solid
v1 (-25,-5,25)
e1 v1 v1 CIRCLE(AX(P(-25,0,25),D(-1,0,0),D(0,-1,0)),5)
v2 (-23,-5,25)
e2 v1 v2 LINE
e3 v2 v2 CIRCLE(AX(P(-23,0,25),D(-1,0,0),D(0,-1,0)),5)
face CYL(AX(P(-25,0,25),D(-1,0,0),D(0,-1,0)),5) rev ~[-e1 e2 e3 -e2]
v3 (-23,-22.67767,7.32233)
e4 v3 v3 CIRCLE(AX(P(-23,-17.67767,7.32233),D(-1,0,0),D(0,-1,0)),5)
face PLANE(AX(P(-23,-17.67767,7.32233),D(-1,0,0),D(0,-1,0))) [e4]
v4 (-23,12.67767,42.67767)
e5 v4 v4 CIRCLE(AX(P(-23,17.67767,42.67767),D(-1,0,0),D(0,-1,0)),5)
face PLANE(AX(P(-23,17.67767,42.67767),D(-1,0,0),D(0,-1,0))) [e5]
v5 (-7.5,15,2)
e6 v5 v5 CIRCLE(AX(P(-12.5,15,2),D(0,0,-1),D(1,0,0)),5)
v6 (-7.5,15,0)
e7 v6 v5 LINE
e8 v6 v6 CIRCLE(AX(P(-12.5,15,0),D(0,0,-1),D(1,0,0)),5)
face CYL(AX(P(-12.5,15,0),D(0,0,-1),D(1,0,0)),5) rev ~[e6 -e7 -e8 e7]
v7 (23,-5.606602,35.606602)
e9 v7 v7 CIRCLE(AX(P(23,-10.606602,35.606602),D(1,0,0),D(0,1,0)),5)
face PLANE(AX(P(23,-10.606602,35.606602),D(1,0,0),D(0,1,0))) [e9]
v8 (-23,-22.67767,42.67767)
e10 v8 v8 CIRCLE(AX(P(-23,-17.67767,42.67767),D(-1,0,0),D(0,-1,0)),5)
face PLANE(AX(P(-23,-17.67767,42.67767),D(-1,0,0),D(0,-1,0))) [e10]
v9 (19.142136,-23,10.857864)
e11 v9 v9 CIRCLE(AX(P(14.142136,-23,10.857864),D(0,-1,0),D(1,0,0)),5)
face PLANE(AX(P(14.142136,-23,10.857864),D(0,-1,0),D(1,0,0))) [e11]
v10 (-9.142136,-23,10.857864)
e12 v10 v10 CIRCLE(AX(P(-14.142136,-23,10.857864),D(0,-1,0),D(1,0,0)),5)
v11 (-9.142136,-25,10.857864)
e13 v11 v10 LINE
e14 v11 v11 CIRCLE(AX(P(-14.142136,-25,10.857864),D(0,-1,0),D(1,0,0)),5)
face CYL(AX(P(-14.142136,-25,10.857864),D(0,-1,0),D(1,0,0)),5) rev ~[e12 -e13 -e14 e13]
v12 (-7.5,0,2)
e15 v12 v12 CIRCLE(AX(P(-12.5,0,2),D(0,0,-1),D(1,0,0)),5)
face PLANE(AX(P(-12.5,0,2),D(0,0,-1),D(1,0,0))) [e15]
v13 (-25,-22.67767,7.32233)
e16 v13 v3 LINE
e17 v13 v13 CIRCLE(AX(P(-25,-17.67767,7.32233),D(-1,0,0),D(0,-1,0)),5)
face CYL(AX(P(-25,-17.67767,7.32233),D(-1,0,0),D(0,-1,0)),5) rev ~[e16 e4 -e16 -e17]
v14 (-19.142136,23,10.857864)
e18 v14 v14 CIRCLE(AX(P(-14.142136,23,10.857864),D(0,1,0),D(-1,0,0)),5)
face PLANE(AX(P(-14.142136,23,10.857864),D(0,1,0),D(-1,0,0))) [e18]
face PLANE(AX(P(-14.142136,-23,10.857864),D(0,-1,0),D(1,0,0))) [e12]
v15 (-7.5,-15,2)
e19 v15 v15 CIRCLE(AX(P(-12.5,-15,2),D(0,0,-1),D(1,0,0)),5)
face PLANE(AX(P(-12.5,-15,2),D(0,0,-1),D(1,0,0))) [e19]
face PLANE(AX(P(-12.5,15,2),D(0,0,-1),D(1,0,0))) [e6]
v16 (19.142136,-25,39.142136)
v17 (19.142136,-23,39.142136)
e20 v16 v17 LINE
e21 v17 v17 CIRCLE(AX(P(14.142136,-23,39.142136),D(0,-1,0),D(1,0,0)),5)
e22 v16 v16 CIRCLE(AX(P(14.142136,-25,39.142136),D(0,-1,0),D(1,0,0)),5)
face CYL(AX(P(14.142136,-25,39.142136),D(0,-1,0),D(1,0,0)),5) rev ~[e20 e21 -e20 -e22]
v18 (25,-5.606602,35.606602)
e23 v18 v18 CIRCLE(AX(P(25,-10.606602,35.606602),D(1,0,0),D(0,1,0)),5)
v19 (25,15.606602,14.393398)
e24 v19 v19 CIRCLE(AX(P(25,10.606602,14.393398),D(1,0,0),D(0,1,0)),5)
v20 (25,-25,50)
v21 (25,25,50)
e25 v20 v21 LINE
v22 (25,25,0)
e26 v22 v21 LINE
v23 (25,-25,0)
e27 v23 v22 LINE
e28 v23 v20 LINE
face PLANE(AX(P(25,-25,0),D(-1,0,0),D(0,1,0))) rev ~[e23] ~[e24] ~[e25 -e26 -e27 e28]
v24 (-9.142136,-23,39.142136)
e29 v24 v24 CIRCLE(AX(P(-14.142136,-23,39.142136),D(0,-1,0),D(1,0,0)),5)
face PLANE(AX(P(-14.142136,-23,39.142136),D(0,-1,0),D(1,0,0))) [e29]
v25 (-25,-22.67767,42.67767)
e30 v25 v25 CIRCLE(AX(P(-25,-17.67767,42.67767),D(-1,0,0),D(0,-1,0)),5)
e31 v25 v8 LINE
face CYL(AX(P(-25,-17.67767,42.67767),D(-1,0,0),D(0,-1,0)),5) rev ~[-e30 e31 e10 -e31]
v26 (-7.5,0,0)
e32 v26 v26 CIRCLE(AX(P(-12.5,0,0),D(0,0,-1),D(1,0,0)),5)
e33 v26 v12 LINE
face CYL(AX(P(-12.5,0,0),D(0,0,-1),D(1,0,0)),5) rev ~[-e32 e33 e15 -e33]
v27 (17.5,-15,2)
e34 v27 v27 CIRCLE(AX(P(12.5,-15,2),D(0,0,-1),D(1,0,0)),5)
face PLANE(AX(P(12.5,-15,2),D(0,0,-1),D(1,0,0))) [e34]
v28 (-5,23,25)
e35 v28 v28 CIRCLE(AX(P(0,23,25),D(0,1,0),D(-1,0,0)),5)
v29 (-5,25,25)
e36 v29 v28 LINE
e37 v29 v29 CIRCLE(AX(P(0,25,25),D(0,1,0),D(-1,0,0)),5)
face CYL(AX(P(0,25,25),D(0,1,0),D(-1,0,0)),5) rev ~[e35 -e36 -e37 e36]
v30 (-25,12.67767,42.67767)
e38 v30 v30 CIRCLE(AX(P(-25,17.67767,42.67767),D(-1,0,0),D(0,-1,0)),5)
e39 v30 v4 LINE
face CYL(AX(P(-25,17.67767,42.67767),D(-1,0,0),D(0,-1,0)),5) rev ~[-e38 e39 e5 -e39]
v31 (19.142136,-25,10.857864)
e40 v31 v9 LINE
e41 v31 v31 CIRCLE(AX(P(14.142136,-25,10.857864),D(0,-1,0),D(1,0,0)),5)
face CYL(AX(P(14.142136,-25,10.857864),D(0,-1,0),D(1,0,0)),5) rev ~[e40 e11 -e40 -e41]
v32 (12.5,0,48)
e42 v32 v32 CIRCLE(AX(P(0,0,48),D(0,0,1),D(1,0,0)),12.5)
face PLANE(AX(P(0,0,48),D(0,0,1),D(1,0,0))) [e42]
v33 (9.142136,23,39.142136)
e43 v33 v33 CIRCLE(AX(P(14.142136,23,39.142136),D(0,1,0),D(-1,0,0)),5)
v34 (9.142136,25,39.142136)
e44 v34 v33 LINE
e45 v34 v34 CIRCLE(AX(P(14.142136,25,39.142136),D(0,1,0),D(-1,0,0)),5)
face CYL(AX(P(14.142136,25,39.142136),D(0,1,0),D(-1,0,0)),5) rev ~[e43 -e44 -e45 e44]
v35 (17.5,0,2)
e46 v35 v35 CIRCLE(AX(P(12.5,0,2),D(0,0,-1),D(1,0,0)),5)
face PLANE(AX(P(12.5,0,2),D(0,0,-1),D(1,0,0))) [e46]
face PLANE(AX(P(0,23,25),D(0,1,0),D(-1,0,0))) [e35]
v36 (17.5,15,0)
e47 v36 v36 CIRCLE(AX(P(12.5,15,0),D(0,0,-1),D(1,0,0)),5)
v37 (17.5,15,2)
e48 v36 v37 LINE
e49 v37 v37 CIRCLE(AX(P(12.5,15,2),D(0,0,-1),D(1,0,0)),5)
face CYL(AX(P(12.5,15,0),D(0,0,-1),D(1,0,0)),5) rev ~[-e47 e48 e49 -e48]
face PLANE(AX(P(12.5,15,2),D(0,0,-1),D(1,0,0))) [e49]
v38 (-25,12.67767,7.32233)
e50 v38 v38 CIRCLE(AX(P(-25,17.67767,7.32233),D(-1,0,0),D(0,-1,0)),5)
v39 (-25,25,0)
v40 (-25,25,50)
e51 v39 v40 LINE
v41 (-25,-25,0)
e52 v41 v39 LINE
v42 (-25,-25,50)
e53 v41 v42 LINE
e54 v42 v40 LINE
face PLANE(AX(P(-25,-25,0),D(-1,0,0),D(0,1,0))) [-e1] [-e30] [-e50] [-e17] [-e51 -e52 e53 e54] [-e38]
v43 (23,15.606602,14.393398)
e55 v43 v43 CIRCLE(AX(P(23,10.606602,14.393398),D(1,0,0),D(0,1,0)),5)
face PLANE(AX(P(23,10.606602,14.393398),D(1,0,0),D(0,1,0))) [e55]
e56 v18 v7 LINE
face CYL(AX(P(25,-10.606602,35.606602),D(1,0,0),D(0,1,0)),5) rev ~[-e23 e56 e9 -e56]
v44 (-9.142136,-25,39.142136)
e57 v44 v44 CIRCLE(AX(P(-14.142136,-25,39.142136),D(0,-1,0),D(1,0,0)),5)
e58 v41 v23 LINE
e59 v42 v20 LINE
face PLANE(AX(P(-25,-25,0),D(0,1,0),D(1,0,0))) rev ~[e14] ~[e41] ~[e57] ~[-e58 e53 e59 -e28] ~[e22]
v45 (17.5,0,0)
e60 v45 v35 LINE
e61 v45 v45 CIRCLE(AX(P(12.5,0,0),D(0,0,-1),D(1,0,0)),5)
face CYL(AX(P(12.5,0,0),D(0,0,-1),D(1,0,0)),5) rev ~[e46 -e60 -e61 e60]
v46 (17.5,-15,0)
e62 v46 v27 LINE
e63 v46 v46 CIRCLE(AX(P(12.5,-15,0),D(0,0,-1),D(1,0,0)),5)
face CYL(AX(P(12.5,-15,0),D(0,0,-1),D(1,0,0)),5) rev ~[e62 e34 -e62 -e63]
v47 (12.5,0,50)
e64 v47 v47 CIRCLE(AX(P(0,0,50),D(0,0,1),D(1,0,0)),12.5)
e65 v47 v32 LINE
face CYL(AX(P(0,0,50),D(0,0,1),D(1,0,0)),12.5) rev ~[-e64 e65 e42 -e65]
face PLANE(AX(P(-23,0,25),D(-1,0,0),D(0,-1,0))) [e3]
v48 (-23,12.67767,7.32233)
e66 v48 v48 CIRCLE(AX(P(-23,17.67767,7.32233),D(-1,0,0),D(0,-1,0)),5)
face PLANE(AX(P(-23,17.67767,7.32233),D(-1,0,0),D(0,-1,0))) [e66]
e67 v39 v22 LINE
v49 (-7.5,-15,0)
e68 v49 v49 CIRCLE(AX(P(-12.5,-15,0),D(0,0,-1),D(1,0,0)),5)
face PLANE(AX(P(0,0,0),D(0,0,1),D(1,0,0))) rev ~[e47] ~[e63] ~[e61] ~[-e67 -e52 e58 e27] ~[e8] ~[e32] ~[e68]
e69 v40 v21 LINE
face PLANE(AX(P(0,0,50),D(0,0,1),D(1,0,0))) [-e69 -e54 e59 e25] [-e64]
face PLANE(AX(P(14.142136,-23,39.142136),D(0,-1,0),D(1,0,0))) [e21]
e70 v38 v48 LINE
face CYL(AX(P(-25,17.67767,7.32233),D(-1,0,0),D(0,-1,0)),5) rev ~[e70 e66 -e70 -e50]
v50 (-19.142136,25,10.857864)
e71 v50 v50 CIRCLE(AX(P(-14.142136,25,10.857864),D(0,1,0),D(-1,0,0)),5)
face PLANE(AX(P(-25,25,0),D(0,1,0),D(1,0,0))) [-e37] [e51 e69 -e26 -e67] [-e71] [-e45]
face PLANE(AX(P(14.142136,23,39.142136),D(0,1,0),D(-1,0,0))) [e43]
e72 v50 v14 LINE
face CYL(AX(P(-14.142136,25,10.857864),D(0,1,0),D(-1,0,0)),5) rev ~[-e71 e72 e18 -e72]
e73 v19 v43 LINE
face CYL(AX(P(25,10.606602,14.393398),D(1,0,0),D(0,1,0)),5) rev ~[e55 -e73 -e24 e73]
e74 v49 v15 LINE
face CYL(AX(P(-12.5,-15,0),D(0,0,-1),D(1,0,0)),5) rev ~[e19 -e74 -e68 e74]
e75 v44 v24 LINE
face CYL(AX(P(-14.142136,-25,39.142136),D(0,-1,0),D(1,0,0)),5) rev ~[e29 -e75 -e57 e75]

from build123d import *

# Parameters (mm, degrees)
F0_W      = 50
F0_H      = 50
F1_DEPTH  = 50
F2_R      = 12.5
F3_DEPTH  = 2
F4_R      = 5
F5_DEPTH  = 2
F6_R      = 5
F7_DEPTH  = 2
F8_R      = 5
F9_DEPTH  = 2
F10_R     = 5
F11_DEPTH = 2
F12_R     = 5
F13_DEPTH = 2


with BuildPart() as f1:
    # F0 (on Top) → F1 (new body)
    with BuildSketch(Plane.XY):
        Rectangle(F0_W, F0_H)
    extrude(amount=F1_DEPTH)

    # F2 (on face) → F3 (cut)
    with BuildSketch(Plane.XY.offset(50)):
        Circle(F2_R)
    extrude(amount=-F3_DEPTH, mode=Mode.SUBTRACT)

    # F4 (on face) → F5 (cut)
    with BuildSketch(Plane.YZ.offset(25)):
        with Locations((-10.606602, 35.606602)):
            Circle(F4_R)
        with Locations((10.606602, 14.393398)):
            Circle(F4_R)
    extrude(amount=-F5_DEPTH, mode=Mode.SUBTRACT)

    # F6 (on face) → F7 (cut)
    with BuildSketch(Plane(origin=(0, 25, 0), x_dir=(-1, 0, 0), z_dir=(0, 1, 0))):
        with Locations((0, 25)):
            Circle(F6_R)
        with Locations((-14.142136, 39.142136)):
            Circle(F6_R)
        with Locations((14.142136, 10.857864)):
            Circle(F6_R)
    extrude(amount=-F7_DEPTH, mode=Mode.SUBTRACT)

    # F8 (on face) → F9 (cut)
    with BuildSketch(Plane.XZ.offset(25)):
        with Locations((14.142136, 39.142136)):
            Circle(F8_R)
        with Locations((-14.142136, 39.142136)):
            Circle(F8_R)
        with Locations((-14.142136, 10.857864)):
            Circle(F8_R)
        with Locations((14.142136, 10.857864)):
            Circle(F8_R)
    extrude(amount=-F9_DEPTH, mode=Mode.SUBTRACT)

    # F10 (on face) → F11 (cut)
    with BuildSketch(Plane(origin=(-25, 0, 0), x_dir=(0, -1, 0), z_dir=(-1, 0, 0))):
        with Locations((-17.67767, 42.67767)):
            Circle(F10_R)
        with Locations((0, 25)):
            Circle(F10_R)
        with Locations((-17.67767, 7.32233)):
            Circle(F10_R)
        with Locations((17.67767, 7.32233)):
            Circle(F10_R)
        with Locations((17.67767, 42.67767)):
            Circle(F10_R)
    extrude(amount=-F11_DEPTH, mode=Mode.SUBTRACT)

    # F12 (on face) → F13 (cut)
    with BuildSketch(Plane(origin=(0, 0, 0), x_dir=(1, 0, 0), z_dir=(0, 0, -1))):
        with Locations((-12.5, 15)):
            Circle(F12_R)
        with Locations((-12.5, 0)):
            Circle(F12_R)
        with Locations((-12.5, -15)):
            Circle(F12_R)
        with Locations((12.5, -15)):
            Circle(F12_R)
        with Locations((12.5, 0)):
            Circle(F12_R)
        with Locations((12.5, 15)):
            Circle(F12_R)
    extrude(amount=-F13_DEPTH, mode=Mode.SUBTRACT)


solid = f1.part
